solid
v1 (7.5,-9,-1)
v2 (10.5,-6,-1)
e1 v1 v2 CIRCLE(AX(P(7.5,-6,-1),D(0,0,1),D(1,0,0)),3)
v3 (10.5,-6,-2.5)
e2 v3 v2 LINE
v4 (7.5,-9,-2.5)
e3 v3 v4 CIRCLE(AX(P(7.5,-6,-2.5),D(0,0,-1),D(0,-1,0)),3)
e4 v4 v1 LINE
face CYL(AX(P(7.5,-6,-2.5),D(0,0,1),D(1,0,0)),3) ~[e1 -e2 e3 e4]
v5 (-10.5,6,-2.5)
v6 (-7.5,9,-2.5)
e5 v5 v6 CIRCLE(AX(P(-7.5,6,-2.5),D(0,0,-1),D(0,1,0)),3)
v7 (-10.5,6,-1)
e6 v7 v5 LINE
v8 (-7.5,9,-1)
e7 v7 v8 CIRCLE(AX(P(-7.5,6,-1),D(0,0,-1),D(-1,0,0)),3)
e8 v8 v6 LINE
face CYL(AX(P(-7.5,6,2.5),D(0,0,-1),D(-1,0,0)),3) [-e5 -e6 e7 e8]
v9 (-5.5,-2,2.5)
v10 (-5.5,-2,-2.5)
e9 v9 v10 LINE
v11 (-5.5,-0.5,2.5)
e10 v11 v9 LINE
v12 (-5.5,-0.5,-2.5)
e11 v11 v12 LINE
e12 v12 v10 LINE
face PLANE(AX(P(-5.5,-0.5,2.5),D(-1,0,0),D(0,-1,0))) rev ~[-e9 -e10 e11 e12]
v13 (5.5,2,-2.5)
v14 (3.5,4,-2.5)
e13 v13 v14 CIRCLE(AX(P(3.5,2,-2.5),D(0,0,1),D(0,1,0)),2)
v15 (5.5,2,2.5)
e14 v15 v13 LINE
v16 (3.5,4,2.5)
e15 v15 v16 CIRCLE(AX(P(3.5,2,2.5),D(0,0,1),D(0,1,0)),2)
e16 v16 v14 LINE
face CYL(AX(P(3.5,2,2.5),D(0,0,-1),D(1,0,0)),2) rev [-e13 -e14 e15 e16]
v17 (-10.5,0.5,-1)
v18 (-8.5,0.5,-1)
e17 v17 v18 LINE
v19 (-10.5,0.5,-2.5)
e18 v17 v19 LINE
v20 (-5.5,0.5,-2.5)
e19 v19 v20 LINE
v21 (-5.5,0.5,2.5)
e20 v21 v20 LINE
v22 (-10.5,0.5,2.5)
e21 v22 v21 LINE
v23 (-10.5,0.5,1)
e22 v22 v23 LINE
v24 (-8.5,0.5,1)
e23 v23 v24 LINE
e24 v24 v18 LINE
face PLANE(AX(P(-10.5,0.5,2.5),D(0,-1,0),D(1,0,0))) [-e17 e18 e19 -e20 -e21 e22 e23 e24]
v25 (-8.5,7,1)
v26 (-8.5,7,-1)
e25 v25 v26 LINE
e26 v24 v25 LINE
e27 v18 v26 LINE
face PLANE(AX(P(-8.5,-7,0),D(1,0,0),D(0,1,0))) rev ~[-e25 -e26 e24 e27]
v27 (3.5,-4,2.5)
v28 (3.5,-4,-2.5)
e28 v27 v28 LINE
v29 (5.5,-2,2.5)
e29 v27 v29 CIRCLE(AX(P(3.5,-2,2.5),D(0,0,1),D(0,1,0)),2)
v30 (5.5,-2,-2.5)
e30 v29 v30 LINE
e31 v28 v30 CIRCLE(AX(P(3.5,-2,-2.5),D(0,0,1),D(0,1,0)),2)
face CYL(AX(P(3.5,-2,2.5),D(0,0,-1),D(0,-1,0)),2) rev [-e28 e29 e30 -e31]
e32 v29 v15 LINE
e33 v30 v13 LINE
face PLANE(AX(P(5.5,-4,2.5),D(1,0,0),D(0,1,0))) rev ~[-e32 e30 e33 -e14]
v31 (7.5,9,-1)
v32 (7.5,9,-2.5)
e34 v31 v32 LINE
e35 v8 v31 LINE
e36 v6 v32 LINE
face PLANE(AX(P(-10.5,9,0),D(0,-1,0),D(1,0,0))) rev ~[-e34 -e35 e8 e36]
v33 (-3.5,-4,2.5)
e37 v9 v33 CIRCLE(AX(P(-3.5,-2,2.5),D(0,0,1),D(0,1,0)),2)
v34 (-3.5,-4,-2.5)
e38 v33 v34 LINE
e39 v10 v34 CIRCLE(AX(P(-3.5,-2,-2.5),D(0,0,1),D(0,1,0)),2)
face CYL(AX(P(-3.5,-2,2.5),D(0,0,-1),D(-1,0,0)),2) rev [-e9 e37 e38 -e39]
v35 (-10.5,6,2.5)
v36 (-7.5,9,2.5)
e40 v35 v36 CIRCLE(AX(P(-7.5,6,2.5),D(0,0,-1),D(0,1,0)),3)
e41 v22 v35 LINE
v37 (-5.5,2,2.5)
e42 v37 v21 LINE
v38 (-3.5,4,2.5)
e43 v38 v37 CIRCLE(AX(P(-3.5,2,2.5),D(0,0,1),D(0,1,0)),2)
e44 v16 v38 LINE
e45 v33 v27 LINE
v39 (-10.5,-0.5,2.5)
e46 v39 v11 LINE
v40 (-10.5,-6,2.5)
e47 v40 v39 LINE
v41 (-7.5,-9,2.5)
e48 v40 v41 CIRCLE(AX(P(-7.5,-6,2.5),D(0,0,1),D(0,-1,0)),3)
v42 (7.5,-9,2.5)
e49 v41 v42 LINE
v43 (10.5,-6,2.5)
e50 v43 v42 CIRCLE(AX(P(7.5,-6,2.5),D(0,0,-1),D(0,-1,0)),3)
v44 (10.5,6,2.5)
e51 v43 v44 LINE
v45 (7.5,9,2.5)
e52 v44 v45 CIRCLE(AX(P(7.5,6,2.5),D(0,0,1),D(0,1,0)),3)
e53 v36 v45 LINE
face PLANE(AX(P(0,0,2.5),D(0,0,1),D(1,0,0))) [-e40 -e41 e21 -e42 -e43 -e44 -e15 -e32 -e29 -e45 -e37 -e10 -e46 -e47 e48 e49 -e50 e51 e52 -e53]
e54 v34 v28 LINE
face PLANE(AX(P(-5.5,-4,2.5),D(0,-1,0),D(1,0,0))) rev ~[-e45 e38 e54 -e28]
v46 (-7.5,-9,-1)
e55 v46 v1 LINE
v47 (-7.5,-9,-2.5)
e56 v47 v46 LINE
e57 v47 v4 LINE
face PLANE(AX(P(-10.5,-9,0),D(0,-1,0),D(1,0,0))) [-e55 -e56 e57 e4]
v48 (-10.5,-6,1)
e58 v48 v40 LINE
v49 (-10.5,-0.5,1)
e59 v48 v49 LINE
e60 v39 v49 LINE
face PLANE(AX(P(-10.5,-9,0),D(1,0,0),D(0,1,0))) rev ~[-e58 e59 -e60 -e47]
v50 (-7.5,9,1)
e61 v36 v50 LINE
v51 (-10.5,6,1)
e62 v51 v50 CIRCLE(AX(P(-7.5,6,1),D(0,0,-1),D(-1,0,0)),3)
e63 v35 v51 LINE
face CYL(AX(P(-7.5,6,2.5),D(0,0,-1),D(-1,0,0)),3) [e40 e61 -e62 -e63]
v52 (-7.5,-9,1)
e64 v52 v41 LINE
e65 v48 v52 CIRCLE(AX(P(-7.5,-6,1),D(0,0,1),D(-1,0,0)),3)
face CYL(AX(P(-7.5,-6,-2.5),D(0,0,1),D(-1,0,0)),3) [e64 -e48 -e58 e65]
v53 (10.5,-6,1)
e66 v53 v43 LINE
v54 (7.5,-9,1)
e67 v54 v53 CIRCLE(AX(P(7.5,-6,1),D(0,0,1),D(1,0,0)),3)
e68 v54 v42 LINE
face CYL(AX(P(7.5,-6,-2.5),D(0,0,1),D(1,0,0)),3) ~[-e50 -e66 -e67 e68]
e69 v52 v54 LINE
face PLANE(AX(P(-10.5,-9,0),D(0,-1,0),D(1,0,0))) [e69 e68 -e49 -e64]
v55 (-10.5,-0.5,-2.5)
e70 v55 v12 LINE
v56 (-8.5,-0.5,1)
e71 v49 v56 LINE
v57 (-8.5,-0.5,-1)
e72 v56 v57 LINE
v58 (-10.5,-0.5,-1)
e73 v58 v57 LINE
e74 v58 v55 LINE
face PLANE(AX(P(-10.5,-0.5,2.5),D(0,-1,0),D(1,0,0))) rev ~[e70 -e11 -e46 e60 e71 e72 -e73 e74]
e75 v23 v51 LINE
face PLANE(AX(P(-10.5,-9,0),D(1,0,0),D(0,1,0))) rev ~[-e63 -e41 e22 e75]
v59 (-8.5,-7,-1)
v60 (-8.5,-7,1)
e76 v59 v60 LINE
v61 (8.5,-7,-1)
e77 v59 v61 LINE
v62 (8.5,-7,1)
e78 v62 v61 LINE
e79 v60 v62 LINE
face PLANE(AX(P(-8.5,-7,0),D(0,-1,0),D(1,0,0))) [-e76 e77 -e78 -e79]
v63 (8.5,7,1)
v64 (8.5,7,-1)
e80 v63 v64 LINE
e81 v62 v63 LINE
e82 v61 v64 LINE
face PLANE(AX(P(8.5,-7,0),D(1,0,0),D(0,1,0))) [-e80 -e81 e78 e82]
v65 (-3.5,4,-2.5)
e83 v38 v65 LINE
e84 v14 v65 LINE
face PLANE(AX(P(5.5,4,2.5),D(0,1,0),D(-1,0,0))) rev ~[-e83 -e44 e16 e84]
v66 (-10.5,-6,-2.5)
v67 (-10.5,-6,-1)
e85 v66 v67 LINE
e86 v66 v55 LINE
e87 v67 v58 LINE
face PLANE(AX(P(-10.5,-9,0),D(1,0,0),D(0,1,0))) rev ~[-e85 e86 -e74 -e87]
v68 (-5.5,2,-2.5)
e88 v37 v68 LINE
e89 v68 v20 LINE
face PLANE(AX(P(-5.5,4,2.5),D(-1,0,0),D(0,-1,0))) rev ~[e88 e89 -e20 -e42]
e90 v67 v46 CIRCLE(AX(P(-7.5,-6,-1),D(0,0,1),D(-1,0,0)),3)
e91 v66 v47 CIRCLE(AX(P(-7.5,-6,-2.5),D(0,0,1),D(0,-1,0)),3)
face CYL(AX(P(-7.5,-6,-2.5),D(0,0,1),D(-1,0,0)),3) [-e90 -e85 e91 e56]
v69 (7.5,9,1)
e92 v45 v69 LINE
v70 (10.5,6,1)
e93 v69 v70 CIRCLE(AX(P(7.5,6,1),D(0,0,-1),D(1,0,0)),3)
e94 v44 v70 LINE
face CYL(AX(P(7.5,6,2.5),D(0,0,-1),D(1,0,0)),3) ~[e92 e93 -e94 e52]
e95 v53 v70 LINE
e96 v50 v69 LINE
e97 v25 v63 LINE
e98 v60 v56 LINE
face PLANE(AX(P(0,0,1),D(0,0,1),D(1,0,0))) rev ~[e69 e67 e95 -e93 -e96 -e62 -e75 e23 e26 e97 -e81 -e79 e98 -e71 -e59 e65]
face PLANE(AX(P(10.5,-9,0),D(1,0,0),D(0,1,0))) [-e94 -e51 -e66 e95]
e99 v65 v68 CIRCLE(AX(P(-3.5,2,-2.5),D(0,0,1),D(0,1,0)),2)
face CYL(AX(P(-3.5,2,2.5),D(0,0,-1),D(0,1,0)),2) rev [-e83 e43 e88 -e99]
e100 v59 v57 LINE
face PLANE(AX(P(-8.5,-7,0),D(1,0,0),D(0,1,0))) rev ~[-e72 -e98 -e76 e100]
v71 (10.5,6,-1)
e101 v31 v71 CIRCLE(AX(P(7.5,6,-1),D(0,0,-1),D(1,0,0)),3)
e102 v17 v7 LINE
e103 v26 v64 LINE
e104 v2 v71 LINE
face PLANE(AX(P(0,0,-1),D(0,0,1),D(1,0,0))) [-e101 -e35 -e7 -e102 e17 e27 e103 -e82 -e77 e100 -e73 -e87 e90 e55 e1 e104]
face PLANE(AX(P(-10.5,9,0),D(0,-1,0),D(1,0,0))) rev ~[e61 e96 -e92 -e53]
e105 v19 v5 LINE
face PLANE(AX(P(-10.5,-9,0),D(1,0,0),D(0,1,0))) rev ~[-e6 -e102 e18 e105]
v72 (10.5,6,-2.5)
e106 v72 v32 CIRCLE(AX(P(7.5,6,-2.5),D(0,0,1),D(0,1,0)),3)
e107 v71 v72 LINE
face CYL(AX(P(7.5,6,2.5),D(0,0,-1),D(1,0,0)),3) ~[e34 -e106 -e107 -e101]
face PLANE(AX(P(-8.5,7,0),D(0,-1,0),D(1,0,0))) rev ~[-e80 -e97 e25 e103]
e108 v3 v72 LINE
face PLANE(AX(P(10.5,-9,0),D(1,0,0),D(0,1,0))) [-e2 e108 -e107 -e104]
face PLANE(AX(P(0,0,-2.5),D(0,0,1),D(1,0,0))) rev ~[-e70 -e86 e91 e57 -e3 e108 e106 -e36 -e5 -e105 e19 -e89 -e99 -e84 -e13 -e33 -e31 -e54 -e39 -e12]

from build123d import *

# Parameters (mm, degrees)
F0_W     = 21
F0_H     = 18
F0_W_2   = 17
F0_H_2   = 14
F1_DEPTH = 2.5
F2_R     = 3
F3_DEPTH = 1
F4_W     = 5
F4_H     = 1
F5_DEPTH = 25
F6_R     = 2


with BuildPart() as f1:
    # F0 (on Top) → F1 (new body, symmetric)
    with BuildSketch(Plane.XY):
        Rectangle(F0_W, F0_H)
        Rectangle(F0_W_2, F0_H_2, mode=Mode.SUBTRACT)
        Rectangle(F0_W_2, F0_H_2)
    extrude(amount=F1_DEPTH, both=True)

    # F2
    f2_edges = [f1.edges().sort_by_distance(p)[0] for p in [
        (10.5, -9, 0),
        (10.5, 9, 0),
        (-10.5, 9, 0),
        (-10.5, -9, 0),
    ]]
    fillet(f2_edges, radius=F2_R)

    # F0 (on Top) → F3 (cut, symmetric)
    with BuildSketch(Plane.XY):
        Rectangle(F0_W, F0_H)
        Rectangle(F0_W_2, F0_H_2, mode=Mode.SUBTRACT)
    extrude(amount=F3_DEPTH, both=True, mode=Mode.SUBTRACT)

    # F4 (on face) → F5 (cut)
    with BuildSketch(Plane.XY.offset(2.5)):
        Polygon((-5.5, -0.5), (-5.5, -4), (5.5, -4), (5.5, 4), (-5.5, 4), (-5.5, 0.5), align=None)
        with Locations((-8, 0)):
            Rectangle(F4_W, F4_H)
    extrude(amount=-F5_DEPTH, mode=Mode.SUBTRACT)

    # F6
    f6_edges = [f1.edges().sort_by_distance(p)[0] for p in [
        (-5.5, -4, 0),
        (5.5, -4, 0),
        (5.5, 4, 0),
        (-5.5, 4, 0),
    ]]
    fillet(f6_edges, radius=F6_R)


solid = f1.part
